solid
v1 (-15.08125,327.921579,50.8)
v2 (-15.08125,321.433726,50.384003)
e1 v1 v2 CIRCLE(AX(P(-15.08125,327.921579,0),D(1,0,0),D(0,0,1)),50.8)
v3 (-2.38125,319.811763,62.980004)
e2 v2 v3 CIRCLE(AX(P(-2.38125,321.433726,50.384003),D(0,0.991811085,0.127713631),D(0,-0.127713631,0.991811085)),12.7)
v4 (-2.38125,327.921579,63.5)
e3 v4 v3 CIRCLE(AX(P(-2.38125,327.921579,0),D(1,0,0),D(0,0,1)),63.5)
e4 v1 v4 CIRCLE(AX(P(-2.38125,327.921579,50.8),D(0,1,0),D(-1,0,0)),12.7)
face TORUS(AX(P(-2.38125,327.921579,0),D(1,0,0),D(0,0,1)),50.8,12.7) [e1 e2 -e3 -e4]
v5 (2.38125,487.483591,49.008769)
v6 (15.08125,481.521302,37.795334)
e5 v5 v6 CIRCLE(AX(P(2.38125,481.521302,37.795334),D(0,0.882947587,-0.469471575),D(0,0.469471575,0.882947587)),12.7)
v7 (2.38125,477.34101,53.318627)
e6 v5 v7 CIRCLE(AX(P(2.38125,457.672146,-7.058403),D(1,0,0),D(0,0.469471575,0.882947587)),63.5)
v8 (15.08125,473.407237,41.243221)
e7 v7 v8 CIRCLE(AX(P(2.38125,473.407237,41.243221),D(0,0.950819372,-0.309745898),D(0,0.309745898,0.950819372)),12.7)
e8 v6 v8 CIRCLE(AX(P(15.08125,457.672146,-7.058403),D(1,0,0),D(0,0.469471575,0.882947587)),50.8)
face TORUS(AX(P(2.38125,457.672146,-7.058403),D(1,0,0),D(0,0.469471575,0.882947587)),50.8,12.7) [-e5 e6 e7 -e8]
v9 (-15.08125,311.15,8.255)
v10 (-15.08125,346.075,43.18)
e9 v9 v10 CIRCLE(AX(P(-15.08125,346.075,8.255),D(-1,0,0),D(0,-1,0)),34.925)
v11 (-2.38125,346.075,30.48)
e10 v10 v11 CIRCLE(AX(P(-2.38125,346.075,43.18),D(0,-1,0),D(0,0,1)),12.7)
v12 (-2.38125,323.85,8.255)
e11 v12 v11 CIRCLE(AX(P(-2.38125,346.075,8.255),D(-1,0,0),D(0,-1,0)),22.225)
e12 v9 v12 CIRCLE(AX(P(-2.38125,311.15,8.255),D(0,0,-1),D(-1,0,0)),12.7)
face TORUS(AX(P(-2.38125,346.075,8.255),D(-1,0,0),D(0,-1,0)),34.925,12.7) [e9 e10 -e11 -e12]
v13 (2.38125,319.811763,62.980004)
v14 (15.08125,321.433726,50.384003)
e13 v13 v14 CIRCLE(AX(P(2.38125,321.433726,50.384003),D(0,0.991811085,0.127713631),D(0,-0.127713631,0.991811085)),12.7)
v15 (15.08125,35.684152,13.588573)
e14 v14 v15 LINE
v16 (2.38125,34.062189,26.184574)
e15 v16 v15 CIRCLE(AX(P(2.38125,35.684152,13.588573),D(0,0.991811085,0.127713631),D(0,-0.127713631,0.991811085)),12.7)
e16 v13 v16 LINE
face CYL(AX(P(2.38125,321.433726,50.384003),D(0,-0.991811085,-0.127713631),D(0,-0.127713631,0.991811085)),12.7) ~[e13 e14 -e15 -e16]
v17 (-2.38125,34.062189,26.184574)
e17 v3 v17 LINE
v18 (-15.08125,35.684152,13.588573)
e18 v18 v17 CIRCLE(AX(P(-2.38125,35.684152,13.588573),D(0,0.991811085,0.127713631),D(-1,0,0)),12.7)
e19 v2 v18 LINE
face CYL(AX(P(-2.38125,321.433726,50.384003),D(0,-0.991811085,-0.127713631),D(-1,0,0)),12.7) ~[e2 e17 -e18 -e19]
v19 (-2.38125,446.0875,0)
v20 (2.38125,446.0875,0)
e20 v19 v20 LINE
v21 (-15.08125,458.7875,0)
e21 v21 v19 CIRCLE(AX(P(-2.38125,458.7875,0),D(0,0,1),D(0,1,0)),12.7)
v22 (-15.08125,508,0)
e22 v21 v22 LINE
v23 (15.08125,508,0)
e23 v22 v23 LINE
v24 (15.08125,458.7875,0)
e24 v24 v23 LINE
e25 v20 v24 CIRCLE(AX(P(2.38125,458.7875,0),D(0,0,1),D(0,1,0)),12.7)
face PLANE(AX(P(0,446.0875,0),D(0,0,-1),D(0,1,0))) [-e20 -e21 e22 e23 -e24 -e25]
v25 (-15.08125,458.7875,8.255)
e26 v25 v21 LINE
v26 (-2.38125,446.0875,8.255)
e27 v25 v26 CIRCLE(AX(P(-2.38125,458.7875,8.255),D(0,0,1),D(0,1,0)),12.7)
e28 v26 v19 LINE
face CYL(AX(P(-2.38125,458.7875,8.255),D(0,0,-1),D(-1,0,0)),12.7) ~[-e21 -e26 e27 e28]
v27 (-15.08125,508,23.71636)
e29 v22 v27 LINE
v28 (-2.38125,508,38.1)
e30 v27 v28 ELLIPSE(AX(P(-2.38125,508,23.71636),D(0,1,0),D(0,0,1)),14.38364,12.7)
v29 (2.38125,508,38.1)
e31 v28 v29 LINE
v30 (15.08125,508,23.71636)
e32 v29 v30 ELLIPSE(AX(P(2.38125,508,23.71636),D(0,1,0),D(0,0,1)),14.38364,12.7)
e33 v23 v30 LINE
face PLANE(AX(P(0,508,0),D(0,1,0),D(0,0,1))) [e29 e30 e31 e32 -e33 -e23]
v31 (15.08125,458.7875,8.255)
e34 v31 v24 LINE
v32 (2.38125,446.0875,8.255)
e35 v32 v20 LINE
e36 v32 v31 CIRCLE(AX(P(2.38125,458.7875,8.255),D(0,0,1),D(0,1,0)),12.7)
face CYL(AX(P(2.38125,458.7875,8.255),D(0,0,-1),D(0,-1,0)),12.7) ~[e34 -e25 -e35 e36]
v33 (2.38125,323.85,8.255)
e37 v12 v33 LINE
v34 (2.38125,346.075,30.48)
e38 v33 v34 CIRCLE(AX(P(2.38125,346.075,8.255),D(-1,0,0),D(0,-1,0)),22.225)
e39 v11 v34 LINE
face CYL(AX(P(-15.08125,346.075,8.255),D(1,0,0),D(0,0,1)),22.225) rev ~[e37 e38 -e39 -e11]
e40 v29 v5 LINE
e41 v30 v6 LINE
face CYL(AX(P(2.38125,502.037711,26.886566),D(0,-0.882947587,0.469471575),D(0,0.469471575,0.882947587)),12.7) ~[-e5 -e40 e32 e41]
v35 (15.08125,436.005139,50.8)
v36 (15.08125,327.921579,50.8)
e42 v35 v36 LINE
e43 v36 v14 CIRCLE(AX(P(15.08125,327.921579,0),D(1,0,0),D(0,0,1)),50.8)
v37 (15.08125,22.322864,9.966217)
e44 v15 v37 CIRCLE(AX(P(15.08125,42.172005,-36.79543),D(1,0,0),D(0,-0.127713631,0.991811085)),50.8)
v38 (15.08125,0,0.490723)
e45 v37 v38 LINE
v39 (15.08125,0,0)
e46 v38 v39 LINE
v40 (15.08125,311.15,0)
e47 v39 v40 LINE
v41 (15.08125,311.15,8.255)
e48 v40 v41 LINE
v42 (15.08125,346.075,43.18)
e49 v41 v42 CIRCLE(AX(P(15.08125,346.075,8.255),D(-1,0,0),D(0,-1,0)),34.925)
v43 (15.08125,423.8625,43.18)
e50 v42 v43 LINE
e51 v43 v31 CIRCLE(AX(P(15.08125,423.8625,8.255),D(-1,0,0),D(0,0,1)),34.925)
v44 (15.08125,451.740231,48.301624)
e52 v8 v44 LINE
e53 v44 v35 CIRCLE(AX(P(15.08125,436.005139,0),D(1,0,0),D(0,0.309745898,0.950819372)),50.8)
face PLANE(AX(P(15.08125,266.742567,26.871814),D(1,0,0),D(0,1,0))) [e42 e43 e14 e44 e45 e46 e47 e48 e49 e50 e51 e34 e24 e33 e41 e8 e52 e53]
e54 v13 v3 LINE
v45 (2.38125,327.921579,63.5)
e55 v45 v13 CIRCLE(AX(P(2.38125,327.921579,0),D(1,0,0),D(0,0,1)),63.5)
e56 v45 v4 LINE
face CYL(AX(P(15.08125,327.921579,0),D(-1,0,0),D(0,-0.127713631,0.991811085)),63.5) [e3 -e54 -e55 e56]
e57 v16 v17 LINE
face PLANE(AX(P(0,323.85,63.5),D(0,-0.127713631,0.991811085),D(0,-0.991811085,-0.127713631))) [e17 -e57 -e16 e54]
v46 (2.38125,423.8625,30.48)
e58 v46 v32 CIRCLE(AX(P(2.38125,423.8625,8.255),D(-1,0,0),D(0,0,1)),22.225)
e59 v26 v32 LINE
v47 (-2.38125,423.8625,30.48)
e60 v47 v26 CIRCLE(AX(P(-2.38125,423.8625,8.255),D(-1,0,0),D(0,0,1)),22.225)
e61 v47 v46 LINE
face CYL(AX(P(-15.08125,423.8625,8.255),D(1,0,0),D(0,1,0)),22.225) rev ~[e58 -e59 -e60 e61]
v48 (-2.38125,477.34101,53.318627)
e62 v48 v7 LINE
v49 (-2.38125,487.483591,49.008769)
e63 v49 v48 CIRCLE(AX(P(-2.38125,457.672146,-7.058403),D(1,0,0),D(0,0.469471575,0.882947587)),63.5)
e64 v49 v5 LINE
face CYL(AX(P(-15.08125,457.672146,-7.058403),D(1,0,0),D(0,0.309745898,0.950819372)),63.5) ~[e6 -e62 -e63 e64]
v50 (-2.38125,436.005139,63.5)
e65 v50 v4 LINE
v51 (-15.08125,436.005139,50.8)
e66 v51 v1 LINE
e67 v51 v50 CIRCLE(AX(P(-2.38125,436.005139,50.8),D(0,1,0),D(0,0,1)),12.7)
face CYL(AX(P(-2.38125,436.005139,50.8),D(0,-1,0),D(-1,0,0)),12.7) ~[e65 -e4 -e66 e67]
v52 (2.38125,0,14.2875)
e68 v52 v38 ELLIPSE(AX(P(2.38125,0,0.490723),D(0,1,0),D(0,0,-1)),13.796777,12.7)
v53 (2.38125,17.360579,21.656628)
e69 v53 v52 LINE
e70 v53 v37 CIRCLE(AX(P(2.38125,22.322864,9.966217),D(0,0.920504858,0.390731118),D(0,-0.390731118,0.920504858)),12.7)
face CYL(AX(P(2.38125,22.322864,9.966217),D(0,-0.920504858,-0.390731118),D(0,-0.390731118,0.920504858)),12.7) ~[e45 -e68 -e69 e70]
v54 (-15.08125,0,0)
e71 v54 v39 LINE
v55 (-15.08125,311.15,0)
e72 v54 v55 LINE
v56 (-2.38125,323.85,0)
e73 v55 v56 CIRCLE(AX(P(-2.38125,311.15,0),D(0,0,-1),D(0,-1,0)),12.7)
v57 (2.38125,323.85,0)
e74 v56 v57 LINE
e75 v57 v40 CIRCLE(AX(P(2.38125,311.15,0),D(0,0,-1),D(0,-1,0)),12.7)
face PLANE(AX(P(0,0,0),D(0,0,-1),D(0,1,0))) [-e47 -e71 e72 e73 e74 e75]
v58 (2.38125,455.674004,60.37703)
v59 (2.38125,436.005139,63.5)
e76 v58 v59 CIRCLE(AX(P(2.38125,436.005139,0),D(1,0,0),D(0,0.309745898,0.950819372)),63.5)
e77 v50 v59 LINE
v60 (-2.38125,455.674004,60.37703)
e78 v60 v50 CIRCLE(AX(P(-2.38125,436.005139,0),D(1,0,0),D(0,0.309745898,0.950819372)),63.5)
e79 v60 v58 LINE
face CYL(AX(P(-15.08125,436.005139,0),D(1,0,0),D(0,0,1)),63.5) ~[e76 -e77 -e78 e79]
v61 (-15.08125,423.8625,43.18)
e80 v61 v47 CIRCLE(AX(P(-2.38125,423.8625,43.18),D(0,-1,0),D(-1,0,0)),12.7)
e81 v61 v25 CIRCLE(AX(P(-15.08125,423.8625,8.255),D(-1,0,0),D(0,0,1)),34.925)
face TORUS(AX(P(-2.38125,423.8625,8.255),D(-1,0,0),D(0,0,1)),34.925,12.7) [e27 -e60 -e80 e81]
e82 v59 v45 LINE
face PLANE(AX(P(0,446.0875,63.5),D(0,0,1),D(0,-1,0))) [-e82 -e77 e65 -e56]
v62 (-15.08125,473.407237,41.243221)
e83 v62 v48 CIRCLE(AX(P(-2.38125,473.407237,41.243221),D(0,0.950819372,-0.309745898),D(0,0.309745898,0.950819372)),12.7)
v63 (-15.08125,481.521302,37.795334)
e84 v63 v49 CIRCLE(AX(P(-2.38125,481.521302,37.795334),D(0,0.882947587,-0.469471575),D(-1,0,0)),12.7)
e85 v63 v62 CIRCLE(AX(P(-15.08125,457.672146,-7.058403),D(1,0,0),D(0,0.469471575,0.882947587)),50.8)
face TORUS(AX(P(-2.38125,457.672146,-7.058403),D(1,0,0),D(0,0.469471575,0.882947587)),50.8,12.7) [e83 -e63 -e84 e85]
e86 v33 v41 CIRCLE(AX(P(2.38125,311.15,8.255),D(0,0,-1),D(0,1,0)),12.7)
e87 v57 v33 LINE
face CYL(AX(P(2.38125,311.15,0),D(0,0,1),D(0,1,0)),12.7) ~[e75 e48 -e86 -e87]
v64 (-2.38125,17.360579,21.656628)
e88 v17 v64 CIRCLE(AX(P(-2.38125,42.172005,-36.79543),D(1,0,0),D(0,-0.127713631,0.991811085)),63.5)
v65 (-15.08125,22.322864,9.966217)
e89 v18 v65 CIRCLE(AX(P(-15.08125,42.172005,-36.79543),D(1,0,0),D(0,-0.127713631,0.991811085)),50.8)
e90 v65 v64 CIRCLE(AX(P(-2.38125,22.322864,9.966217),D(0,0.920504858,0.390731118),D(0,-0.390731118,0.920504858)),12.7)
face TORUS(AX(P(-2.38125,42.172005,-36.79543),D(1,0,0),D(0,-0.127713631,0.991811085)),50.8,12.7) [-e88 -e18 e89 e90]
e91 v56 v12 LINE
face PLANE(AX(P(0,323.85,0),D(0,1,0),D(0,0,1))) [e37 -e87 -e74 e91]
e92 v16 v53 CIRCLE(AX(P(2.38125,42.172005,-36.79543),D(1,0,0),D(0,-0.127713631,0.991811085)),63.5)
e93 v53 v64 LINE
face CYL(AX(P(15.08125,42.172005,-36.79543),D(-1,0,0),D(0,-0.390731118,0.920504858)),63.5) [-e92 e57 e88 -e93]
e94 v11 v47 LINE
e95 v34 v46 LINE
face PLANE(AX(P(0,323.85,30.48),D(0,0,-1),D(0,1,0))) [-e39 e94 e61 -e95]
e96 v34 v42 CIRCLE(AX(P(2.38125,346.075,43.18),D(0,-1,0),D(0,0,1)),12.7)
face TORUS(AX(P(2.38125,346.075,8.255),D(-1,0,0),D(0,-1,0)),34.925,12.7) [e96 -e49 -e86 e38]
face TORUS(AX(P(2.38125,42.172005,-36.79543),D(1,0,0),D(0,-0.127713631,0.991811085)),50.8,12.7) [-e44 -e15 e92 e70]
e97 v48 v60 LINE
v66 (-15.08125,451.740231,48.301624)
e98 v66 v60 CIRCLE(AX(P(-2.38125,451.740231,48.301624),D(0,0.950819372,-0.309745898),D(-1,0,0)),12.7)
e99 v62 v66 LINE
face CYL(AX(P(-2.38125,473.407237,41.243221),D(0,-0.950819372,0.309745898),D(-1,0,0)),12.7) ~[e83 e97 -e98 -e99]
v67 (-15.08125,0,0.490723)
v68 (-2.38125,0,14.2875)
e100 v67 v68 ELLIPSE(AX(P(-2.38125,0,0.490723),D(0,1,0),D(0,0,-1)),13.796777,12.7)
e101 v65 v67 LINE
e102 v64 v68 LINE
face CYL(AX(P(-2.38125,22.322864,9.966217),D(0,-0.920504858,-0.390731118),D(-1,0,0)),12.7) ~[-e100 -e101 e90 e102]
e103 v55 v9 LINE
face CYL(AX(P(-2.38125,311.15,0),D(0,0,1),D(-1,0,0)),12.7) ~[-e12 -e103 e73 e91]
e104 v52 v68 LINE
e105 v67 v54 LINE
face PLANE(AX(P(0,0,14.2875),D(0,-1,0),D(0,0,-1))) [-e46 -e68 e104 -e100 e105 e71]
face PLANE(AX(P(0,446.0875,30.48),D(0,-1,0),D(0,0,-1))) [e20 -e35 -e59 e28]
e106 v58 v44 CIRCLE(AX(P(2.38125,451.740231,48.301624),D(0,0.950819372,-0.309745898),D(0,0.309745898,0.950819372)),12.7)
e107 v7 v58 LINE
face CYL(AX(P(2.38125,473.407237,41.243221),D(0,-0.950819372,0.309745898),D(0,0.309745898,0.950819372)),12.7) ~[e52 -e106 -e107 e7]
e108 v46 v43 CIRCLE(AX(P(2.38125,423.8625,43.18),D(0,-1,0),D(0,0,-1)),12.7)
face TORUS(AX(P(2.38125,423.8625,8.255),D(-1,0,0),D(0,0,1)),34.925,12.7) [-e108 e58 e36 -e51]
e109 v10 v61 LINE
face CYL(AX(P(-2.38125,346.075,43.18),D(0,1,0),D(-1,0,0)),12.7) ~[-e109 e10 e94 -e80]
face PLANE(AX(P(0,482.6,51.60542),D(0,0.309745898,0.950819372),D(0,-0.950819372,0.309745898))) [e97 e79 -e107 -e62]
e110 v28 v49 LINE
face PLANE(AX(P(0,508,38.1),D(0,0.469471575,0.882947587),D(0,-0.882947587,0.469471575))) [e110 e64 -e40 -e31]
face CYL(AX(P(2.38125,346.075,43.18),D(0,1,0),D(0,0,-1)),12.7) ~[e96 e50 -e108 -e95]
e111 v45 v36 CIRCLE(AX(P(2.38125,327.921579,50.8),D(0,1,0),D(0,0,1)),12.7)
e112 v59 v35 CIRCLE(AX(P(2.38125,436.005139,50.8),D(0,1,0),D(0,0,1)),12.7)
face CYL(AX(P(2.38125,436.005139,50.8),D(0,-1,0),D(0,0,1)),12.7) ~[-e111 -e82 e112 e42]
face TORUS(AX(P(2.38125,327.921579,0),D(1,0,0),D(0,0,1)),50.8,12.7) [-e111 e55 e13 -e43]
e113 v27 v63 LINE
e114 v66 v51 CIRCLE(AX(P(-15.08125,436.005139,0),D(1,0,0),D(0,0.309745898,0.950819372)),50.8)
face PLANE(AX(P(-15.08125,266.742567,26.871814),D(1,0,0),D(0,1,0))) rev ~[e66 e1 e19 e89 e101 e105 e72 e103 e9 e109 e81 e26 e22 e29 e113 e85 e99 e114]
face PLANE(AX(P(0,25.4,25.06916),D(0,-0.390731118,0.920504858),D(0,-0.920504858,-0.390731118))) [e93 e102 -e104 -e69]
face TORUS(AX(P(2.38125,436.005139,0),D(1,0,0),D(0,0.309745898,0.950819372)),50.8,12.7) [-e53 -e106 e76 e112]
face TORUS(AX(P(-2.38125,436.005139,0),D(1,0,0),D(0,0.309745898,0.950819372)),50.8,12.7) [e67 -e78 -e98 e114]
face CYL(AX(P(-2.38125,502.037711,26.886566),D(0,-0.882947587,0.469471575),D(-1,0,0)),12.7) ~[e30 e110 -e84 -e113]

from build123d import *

# Parameters (mm, degrees)
F1_DEPTH      = 15.08125
F1_DEPTH_BACK = 15.08125
F2_R          = 63.5
F3_R          = 22.225
F4_R          = 12.7


with BuildPart() as f1:
    # F0 (on Right) → F1 (new body, two sides)
    with BuildSketch(Plane.YZ) as f1_sk:
        Polygon((0, 14.2875), (0, 0), (323.85, 0), (323.85, 30.48), (446.0875, 30.48), (446.0875, 0), (508, 0), (508, 38.1), (482.6, 51.60542), (446.0875, 63.5), (323.85, 63.5), (25.4, 25.06916), align=None)
    extrude(amount=F1_DEPTH)
    extrude(f1_sk.sketch, amount=-F1_DEPTH_BACK)

    # F2
    f2_edges = [f1.edges().sort_by_distance(p)[0] for p in [
        (0, 25.4, 25.06916),
        (0, 323.85, 63.5),
        (0, 446.0875, 63.5),
        (0, 482.6, 51.60542),
    ]]
    fillet(f2_edges, radius=F2_R)

    # F3
    f3_edges = [f1.edges().sort_by_distance(p)[0] for p in [
        (0, 323.85, 30.48),
        (0, 446.0875, 30.48),
    ]]
    fillet(f3_edges, radius=F3_R)

    # F4
    f4_edges = [f1.edges().sort_by_distance(p)[0] for p in [
        (15.08125, 381.963359, 63.5),
        (-15.08125, 381.963359, 63.5),
        (15.08125, 384.96875, 30.48),
        (-15.08125, 384.96875, 30.48),
    ]]
    fillet(f4_edges, radius=F4_R)


solid = f1.part
